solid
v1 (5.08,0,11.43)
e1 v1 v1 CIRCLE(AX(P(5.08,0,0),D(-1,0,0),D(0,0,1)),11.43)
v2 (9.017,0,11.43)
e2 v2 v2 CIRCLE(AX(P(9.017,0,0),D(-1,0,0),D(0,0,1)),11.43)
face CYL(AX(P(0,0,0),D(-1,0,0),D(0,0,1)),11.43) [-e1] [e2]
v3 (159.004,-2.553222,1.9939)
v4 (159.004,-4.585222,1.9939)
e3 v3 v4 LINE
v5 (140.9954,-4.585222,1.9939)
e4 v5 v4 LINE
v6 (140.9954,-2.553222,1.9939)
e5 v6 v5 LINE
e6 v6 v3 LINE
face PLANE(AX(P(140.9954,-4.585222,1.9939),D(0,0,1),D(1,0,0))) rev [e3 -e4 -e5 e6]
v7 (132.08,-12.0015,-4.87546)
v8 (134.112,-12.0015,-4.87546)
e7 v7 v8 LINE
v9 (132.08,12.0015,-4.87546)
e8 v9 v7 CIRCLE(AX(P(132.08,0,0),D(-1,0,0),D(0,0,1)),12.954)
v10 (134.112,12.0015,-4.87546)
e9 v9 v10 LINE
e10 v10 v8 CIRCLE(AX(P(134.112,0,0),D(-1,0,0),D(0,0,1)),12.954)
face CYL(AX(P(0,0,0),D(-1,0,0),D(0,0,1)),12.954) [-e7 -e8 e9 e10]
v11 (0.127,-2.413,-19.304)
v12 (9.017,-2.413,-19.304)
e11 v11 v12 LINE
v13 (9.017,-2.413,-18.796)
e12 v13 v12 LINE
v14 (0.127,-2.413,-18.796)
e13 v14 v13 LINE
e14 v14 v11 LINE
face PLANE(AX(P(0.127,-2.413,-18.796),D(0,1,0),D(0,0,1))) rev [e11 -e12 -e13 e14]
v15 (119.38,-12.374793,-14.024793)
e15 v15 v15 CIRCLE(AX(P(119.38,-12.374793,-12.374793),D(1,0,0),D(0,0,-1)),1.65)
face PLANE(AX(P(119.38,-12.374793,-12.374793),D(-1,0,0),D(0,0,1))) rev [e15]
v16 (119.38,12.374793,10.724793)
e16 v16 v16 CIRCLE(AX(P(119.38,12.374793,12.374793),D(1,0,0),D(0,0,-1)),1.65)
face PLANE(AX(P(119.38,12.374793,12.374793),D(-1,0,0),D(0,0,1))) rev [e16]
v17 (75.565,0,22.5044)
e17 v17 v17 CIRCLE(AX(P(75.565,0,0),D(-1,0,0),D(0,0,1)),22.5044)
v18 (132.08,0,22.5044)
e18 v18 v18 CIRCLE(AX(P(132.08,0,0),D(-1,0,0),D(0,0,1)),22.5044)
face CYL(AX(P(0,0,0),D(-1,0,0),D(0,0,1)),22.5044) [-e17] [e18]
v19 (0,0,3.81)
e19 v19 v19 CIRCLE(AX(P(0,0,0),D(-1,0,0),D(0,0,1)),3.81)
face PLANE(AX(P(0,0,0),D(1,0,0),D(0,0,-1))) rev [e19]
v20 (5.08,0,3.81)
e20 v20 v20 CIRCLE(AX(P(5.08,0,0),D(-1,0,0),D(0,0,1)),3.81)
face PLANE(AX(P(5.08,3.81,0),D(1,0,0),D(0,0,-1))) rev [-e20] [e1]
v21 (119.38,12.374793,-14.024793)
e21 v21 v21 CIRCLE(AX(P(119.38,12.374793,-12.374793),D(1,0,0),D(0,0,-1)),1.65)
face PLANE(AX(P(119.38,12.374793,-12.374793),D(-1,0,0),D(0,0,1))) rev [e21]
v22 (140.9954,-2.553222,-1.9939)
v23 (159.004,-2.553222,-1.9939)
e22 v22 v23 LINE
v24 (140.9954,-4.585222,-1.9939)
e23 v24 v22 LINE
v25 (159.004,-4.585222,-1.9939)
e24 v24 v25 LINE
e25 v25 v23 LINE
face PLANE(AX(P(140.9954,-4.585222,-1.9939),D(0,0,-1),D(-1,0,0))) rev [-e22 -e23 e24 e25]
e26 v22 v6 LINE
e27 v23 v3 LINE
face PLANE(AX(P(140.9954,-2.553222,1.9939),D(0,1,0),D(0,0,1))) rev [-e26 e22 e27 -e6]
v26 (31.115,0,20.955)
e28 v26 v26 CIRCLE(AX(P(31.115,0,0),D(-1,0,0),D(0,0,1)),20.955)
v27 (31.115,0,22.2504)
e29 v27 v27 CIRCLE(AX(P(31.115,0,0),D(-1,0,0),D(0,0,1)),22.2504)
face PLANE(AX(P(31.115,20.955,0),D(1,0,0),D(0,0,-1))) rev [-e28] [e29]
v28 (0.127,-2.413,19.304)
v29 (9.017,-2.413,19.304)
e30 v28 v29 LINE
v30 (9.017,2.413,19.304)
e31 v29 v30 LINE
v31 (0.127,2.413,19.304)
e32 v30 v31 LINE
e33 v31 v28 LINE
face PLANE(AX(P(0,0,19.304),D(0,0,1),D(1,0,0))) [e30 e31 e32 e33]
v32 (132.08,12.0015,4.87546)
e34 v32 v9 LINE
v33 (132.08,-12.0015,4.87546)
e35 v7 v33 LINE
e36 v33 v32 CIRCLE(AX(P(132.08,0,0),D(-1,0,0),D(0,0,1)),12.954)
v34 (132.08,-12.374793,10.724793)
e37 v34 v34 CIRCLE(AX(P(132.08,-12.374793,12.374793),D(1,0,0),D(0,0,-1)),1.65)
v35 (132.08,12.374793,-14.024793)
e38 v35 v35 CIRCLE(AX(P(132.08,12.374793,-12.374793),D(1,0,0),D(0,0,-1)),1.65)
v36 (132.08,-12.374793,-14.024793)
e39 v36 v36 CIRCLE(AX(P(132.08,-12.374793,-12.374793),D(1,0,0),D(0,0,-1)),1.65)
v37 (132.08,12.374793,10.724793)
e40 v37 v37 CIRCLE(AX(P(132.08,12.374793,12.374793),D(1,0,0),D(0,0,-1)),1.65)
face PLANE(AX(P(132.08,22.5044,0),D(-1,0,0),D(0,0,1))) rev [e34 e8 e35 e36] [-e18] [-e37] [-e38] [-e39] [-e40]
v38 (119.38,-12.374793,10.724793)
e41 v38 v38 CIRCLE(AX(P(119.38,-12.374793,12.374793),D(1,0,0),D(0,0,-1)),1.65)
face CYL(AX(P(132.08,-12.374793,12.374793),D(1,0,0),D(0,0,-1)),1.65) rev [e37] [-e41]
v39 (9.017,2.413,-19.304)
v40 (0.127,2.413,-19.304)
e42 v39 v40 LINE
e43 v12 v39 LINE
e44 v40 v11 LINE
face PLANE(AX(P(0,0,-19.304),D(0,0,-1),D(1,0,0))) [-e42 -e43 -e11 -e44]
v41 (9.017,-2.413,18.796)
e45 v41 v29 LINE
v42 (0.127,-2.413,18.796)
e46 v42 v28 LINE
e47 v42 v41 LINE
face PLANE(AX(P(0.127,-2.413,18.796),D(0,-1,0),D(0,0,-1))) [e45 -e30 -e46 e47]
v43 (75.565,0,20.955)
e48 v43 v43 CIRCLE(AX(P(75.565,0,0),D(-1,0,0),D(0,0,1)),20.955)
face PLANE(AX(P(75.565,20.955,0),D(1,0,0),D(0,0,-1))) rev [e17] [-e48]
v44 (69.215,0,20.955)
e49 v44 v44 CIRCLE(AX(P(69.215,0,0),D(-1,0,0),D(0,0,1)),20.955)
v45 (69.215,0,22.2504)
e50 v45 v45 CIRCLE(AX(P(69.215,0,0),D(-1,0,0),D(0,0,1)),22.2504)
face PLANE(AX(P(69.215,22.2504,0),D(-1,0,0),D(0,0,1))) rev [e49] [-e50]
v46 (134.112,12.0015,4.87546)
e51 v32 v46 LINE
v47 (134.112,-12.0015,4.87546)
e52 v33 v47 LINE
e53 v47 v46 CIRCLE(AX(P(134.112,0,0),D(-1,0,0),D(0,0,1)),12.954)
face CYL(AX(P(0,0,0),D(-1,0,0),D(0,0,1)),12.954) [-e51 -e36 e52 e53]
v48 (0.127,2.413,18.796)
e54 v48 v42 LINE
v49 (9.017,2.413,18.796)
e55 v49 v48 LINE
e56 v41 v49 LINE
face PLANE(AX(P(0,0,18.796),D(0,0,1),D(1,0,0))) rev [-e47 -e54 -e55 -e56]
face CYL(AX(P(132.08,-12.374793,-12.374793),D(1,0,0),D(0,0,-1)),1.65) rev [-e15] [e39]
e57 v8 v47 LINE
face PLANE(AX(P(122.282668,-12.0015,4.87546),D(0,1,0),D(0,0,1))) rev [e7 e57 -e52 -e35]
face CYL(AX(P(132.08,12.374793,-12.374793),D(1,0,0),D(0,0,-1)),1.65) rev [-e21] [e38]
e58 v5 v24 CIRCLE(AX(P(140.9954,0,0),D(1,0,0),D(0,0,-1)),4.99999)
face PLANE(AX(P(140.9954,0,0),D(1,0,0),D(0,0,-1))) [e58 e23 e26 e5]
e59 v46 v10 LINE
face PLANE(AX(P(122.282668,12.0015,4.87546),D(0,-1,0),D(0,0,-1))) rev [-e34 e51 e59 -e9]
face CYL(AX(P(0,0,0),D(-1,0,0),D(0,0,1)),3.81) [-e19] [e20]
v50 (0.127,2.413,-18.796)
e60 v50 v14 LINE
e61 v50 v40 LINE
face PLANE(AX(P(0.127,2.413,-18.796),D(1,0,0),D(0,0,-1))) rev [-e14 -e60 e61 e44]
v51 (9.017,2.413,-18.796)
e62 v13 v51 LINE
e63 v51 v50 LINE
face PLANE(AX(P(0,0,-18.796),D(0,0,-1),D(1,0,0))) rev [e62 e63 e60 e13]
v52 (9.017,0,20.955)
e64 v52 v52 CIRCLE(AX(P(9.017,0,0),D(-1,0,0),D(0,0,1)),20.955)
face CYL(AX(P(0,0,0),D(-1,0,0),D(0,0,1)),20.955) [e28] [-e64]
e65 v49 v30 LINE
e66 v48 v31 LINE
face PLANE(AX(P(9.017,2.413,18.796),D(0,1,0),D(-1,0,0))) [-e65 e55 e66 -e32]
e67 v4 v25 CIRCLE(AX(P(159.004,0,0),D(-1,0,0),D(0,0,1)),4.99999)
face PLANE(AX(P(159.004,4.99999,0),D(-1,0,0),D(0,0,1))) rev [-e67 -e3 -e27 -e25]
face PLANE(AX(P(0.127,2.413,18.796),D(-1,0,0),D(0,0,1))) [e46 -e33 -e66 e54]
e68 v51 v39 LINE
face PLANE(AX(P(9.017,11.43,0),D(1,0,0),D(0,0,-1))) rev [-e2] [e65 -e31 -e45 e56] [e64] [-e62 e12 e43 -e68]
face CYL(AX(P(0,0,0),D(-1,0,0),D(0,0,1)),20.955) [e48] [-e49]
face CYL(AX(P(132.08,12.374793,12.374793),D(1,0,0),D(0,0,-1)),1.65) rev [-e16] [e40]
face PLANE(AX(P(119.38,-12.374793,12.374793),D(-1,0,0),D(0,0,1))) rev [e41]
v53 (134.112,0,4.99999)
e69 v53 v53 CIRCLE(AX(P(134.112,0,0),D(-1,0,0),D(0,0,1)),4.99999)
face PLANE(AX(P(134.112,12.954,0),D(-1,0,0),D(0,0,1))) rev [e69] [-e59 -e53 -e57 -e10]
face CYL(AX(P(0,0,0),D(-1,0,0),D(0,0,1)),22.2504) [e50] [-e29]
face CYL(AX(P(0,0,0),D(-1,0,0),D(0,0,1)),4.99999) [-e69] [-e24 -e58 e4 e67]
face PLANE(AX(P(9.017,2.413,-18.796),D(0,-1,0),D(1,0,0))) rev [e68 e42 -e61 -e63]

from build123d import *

# Parameters (mm, degrees)
CUT_EXTRUDE1_DEPTH              = 18.0086
CUT_EXTRUDE2_DEPTH              = 2.032
TAP_DRILL_FOR_M4X0_7_TAP2_D     = 3.3
TAP_DRILL_FOR_M4X0_7_TAP2_DEPTH = 12.7
SKETCH8_W                       = 8.89
SKETCH8_H                       = 4.826
BOSS_EXTRUDE1_DEPTH             = 0.254


with BuildPart() as part:
    # Sketch1 → Revolve1 (revolve)
    with BuildSketch(Plane.XY):
        Polygon((0, 0), (0, 3.81), (5.08, 3.81), (5.08, 11.43), (9.017, 11.43), (9.017, 20.955), (31.115, 20.955), (31.115, 22.2504), (69.215, 22.2504), (69.215, 20.955), (75.565, 20.955), (75.565, 22.5044), (132.08, 22.5044), (132.08, 12.954), (134.112, 12.954), (134.112, 4.99999), (159.004, 4.99999), (159.004, 0), align=None)
    revolve(axis=Axis((0, 0, 0), (1, 0, 0)))

    # Sketch2 → Cut-Extrude1 (cut)
    with BuildSketch(Plane(origin=(159.004, 0, 0), x_dir=(0, 0, -1), z_dir=(1, 0, 0))):
        with BuildLine():
            Line((-1.9939, -4.585222218), (-1.9939, -2.553222218))
            Line((-1.9939, -2.553222218), (1.9939, -2.553222218))
            Line((1.9939, -2.553222218), (1.9939, -4.585222218))
            ThreePointArc((1.9939, -4.585222218), (0, -4.99999), (-1.9939, -4.585222218))
        make_face()
    extrude(amount=-CUT_EXTRUDE1_DEPTH, mode=Mode.SUBTRACT)

    # Sketch3 → Cut-Extrude2 (cut)
    with BuildSketch(Plane(origin=(134.112, 0, 0), x_dir=(0, 0, -1), z_dir=(1, 0, 0))):
        with BuildLine():
            Line((-4.875460363, 12.0015), (4.875460363, 12.0015))
            ThreePointArc((4.875460363, 12.0015), (0, 12.954), (-4.875460363, 12.0015))
        make_face()
        with BuildLine():
            Line((-4.875460363, -12.0015), (4.875460363, -12.0015))
            ThreePointArc((4.875460363, -12.0015), (0, -12.954), (-4.875460363, -12.0015))
        make_face()
    extrude(amount=-CUT_EXTRUDE2_DEPTH, mode=Mode.SUBTRACT)

    # Tap Drill for M4x0.7 Tap2
    with Locations(Plane(origin=(132.08, 0, 0), x_dir=(0, 0, -1), z_dir=(1, 0, 0))):
        with Locations((-12.374792935, 12.374792935), (12.374792935, -12.374792935), (12.374792935, 12.374792935), (-12.374792935, -12.374792935)):
            Hole(TAP_DRILL_FOR_M4X0_7_TAP2_D / 2, depth=TAP_DRILL_FOR_M4X0_7_TAP2_DEPTH)

    # Sketch8 → Boss-Extrude1 (add, symmetric)
    with BuildSketch(Plane.XY.offset(19.05)):
        with Locations((4.572, 0)):
            Rectangle(SKETCH8_W, SKETCH8_H)
    boss_extrude1 = extrude(amount=BOSS_EXTRUDE1_DEPTH, both=True)

    # Mirror1: Boss-Extrude1 across plane
    add(boss_extrude1.mirror(Plane.XY))


solid = part.part
